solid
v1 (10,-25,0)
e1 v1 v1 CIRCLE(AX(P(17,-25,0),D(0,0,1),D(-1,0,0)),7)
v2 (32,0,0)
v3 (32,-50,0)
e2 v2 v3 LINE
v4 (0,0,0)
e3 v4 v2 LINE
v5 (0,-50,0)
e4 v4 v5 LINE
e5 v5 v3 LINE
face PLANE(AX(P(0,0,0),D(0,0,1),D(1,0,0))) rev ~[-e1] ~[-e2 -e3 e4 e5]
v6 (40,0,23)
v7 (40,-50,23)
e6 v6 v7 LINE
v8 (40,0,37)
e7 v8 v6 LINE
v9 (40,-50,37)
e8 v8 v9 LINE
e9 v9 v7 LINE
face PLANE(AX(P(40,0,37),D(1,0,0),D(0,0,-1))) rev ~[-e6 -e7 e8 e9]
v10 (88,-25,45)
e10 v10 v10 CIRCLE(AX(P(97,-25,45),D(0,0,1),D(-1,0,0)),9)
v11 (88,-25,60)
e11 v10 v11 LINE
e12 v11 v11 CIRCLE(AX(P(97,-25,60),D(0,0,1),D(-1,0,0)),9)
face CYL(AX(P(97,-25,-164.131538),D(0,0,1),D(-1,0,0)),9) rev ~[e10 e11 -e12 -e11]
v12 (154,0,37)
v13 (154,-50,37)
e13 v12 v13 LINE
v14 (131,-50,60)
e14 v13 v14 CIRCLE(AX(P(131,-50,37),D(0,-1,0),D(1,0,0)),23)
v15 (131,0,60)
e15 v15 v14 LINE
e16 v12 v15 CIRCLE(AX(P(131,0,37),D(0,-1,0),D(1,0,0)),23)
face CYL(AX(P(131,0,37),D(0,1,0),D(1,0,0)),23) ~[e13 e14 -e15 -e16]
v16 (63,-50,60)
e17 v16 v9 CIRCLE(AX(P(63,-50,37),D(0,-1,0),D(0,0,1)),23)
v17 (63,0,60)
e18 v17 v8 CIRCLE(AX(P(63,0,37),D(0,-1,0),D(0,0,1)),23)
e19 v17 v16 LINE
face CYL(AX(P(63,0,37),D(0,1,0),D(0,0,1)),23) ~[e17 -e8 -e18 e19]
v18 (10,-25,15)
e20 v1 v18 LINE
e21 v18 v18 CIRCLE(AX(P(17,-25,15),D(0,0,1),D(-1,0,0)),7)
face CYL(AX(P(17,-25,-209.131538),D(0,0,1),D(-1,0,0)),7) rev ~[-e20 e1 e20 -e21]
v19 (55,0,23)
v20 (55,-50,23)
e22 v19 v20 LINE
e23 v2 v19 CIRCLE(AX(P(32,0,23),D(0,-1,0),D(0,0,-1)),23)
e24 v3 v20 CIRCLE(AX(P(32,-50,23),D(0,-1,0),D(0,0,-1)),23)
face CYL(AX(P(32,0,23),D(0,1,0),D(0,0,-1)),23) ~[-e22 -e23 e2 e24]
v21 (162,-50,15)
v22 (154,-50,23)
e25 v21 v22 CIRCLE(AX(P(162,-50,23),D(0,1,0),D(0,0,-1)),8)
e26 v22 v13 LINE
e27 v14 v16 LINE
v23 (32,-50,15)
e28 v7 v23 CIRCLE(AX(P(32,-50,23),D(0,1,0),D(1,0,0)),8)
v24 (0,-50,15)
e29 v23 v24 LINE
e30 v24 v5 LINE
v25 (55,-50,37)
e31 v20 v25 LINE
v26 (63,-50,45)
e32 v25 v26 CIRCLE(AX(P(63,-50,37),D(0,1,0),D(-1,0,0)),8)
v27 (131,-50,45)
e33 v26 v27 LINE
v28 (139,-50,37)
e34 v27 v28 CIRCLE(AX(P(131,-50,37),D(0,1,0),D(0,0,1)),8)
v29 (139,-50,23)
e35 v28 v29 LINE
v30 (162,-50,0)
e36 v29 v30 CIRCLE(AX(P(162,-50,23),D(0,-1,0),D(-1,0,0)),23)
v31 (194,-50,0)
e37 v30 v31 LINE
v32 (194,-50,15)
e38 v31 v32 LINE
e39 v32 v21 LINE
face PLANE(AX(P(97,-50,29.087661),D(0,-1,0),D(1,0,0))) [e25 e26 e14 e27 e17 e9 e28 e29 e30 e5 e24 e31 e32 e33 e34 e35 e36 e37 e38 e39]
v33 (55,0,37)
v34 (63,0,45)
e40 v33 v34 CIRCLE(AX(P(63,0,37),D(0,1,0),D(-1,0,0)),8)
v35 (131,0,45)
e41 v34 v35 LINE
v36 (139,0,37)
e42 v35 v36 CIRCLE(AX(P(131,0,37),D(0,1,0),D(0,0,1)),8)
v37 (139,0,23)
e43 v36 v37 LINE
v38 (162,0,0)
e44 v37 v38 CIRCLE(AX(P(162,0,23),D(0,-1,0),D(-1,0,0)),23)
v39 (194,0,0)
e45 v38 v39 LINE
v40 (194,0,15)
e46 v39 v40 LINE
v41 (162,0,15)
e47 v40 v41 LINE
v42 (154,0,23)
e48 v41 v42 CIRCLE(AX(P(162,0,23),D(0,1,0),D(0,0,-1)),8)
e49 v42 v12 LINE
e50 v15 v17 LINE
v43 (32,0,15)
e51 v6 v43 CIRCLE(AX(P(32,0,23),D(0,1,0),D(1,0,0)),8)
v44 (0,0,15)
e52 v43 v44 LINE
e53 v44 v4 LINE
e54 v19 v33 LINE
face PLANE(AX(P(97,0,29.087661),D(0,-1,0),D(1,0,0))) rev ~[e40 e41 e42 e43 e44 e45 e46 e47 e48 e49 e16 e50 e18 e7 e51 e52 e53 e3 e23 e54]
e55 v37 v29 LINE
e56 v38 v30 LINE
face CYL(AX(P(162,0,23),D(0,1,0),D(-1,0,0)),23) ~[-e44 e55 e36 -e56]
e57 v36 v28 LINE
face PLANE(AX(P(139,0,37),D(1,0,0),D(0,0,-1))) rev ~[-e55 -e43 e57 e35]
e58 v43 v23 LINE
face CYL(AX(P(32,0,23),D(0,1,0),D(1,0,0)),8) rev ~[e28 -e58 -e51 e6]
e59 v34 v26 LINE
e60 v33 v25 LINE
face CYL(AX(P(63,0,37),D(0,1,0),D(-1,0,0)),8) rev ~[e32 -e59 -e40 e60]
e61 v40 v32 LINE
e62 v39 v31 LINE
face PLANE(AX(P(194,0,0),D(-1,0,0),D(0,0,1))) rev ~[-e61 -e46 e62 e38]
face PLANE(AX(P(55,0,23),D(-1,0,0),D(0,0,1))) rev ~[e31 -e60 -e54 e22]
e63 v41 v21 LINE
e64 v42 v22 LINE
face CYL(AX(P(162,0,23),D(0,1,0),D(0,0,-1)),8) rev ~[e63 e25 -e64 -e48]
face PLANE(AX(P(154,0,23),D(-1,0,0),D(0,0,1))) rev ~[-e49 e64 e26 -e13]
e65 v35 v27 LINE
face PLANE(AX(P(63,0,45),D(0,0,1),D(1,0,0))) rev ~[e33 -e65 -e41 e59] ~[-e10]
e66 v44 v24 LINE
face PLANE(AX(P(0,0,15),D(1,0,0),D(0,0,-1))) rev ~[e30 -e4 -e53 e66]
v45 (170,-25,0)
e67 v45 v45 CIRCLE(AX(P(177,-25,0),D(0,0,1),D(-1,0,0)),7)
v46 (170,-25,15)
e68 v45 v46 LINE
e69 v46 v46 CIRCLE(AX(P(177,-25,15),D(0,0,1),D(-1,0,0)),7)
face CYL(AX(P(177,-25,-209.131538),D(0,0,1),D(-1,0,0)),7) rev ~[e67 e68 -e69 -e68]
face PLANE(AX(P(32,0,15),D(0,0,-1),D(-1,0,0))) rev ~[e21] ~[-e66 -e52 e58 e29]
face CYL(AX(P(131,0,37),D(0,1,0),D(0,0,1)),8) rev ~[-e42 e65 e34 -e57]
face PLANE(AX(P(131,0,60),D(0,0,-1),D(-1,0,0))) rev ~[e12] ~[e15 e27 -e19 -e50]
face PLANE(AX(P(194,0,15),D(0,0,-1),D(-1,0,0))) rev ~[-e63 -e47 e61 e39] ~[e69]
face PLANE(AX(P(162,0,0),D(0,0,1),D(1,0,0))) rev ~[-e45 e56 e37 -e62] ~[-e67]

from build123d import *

# Parameters (mm, degrees)
F1_DEPTH = 50
F5_D     = 18
F6_D     = 14
F7_D     = 14


with BuildPart() as f1:
    # F0 (on Front) → F1 (new body)
    with BuildSketch(Plane.XZ):
        with BuildLine():
            Line((0, 15), (0, 0))
            Line((0, 0), (32, 0))
            ThreePointArc((32, 0), (48.2634559673, 6.7365440327), (55, 23))
            Line((55, 23), (55, 37))
            ThreePointArc((55, 37), (57.3431457505, 42.6568542495), (63, 45))
            Line((63, 45), (131, 45))
            ThreePointArc((131, 45), (136.6568542495, 42.6568542495), (139, 37))
            Line((139, 37), (139, 23))
            ThreePointArc((139, 23), (145.7365440327, 6.7365440327), (162, 0))
            Line((162, 0), (194, 0))
            Line((194, 0), (194, 15))
            Line((194, 15), (162, 15))
            ThreePointArc((162, 15), (156.3431457505, 17.3431457505), (154, 23))
            Line((154, 23), (154, 37))
            ThreePointArc((154, 37), (147.2634559673, 53.2634559673), (131, 60))
            Line((131, 60), (63, 60))
            ThreePointArc((63, 60), (46.7365440327, 53.2634559673), (40, 37))
            Line((40, 37), (40, 23))
            ThreePointArc((40, 23), (37.6568542495, 17.3431457505), (32, 15))
            Line((32, 15), (0, 15))
        make_face()
    extrude(amount=F1_DEPTH)

    # F5 (through all)
    with Locations(Plane(origin=(0, 0, 45), x_dir=(1, 0, 0), z_dir=(0, 0, -1))):
        with Locations((97, 25)):
            Hole(F5_D / 2)

    # F6 (through all)
    with Locations(Plane(origin=(0, 0, 0), x_dir=(1, 0, 0), z_dir=(0, 0, -1))):
        with Locations((17, 25)):
            Hole(F6_D / 2)

    # F7 (through all)
    with Locations(Plane(origin=(0, 0, 0), x_dir=(1, 0, 0), z_dir=(0, 0, -1))):
        with Locations((177, 25)):
            Hole(F7_D / 2)


solid = f1.part
